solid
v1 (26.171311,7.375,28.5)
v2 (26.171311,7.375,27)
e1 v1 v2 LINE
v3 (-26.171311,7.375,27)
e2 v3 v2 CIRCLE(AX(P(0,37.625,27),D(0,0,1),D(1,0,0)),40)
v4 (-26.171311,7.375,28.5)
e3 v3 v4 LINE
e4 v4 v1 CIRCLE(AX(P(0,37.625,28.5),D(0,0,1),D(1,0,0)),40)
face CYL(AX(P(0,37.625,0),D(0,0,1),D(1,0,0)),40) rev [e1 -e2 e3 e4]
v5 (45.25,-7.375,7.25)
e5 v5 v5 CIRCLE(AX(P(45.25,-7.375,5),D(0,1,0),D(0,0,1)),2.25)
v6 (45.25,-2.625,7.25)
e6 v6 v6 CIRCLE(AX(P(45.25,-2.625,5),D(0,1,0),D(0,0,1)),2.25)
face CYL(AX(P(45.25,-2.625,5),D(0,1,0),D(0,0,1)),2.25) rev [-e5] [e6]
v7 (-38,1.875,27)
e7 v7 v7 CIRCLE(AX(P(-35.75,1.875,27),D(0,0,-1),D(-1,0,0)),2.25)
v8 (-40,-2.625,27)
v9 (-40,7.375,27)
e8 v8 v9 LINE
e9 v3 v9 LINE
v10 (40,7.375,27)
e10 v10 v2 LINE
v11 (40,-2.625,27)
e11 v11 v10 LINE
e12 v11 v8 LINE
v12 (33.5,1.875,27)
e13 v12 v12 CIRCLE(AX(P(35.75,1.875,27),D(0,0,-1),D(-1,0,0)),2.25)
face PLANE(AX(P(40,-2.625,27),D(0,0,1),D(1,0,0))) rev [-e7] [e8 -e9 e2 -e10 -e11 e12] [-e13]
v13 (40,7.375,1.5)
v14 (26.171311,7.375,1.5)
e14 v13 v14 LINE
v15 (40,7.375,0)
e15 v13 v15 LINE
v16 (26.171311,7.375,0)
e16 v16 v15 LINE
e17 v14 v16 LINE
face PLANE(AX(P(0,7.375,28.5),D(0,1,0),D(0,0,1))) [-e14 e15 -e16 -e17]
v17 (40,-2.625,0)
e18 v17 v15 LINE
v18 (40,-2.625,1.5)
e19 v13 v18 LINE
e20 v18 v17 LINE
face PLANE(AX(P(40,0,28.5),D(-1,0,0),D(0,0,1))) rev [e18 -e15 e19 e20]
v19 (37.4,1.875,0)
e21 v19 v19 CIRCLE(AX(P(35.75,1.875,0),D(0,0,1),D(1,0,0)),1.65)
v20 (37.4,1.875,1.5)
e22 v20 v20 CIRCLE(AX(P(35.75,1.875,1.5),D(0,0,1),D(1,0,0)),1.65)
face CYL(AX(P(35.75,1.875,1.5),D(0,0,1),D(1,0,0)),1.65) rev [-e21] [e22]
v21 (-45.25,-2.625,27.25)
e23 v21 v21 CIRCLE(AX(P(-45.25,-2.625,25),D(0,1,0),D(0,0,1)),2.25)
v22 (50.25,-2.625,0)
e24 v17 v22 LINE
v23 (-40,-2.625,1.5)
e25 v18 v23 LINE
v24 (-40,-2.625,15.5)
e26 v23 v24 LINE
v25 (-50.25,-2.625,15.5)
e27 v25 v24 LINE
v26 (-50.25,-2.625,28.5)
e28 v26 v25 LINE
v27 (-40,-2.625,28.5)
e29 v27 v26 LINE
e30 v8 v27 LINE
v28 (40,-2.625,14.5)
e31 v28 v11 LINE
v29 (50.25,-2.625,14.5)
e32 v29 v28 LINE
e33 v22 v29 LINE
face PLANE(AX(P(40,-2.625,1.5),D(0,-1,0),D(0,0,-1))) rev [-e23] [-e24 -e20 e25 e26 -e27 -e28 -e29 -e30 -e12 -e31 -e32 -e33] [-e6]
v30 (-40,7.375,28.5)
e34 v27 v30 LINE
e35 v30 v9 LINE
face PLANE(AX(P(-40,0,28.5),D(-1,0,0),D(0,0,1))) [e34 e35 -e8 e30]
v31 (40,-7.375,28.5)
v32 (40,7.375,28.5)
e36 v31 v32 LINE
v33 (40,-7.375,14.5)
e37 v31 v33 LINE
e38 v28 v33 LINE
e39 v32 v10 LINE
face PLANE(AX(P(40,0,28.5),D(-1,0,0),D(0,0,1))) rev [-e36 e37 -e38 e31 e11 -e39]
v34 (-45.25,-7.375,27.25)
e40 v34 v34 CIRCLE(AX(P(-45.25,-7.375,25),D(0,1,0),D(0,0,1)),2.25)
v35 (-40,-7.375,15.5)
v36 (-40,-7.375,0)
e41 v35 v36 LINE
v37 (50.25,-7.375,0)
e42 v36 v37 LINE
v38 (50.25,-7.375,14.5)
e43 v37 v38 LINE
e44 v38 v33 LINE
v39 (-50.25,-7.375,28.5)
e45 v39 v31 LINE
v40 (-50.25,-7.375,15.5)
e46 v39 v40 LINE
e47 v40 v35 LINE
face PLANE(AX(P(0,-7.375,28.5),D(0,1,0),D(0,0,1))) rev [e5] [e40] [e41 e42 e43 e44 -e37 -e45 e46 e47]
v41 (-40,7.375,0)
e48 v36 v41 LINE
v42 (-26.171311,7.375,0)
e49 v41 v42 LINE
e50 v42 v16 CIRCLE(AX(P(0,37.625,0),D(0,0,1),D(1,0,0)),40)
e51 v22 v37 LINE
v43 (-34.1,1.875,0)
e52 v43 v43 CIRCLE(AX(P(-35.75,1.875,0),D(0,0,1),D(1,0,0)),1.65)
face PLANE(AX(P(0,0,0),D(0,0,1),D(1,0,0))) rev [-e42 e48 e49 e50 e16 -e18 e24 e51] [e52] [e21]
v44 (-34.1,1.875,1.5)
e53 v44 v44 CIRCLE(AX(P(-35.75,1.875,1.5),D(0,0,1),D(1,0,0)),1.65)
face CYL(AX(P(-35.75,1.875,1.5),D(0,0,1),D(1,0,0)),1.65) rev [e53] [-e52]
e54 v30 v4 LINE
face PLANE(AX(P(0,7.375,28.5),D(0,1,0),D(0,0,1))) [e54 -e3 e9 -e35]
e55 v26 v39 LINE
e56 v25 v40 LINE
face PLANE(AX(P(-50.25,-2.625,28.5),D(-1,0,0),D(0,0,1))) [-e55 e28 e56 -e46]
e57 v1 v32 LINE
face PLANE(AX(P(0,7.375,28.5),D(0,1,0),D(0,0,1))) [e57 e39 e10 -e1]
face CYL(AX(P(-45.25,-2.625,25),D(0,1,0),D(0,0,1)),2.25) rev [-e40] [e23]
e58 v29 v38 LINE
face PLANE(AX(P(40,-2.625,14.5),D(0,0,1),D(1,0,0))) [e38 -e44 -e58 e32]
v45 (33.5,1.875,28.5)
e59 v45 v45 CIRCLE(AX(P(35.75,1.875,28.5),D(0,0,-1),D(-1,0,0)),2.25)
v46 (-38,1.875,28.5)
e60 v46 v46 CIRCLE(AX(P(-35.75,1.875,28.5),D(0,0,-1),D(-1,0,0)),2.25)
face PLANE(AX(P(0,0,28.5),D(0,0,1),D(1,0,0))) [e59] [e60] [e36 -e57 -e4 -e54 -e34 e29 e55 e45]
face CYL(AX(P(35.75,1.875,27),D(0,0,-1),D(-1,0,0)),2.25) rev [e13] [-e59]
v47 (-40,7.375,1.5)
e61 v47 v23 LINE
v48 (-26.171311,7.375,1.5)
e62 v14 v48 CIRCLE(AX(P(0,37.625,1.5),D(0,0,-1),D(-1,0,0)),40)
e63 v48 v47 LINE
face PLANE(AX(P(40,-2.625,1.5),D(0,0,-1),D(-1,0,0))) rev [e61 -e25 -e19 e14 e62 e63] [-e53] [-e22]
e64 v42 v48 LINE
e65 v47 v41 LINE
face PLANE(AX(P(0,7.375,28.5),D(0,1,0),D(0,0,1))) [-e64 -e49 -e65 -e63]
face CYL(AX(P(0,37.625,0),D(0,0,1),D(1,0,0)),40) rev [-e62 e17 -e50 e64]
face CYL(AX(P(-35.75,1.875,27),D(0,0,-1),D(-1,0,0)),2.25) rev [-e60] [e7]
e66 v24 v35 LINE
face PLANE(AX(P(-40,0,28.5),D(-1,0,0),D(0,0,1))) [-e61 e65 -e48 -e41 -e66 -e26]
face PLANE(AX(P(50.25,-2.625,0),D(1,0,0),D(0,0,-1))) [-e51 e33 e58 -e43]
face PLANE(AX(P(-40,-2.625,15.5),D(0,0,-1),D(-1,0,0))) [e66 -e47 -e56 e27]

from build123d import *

# Parameters (mm, degrees)
SKETCH1_W                 = 80
SKETCH1_H                 = 14.75
BOSS_EXTRUDE1_DEPTH       = 28.5
SKETCH7_W                 = 25.5
SKETCH7_H                 = 10
CUT_EXTRUDE3_DEPTH        = 86.244592937
M4X0_7_TAPPED_HOLE3_D     = 3.3
M4X0_7_TAPPED_HOLE3_DEPTH = 1.5
M4_CLEARANCE_HOLE1_D      = 4.5
M4_CLEARANCE_HOLE1_DEPTH  = 1.5
SKETCH15_R                = 40
CUT_EXTRUDE4_DEPTH        = 50.665285915
BOSS_EXTRUDE3_START       = -4.75
SKETCH19_W                = 10.25
SKETCH19_H                = 13
SKETCH19_H_2              = 14.5
BOSS_EXTRUDE3_DEPTH       = 4.75
M4_CLEARANCE_HOLE3_D      = 4.5


with BuildPart() as part:
    # Sketch1 → Boss-Extrude1 (new body)
    with BuildSketch(Plane.XY):
        Rectangle(SKETCH1_W, SKETCH1_H)
    extrude(amount=BOSS_EXTRUDE1_DEPTH)

    # Sketch7 → Cut-Extrude3 (cut, through all)
    with BuildSketch(Plane.ZY.offset(40)):
        with Locations((14.25, 2.375)):
            Rectangle(SKETCH7_W, SKETCH7_H)
    extrude(amount=-CUT_EXTRUDE3_DEPTH, mode=Mode.SUBTRACT)

    # M4x0.7 Tapped Hole3
    with Locations(Plane.XY.offset(1.5)):
        with Locations((-35.75, 1.875), (35.75, 1.875)):
            Hole(M4X0_7_TAPPED_HOLE3_D / 2, depth=M4X0_7_TAPPED_HOLE3_DEPTH)

    # M4 Clearance Hole1
    with Locations(Plane(origin=(0, 0, 27), x_dir=(-1, 0, 0), z_dir=(0, 0, -1))):
        with Locations((-35.75, 1.875), (35.75, 1.875)):
            Hole(M4_CLEARANCE_HOLE1_D / 2, depth=M4_CLEARANCE_HOLE1_DEPTH)

    # Sketch15 → Cut-Extrude4 (cut, through all)
    with BuildSketch(Plane.XY.offset(28.5)):
        with Locations((0, 37.625)):
            Circle(SKETCH15_R)
    extrude(amount=-CUT_EXTRUDE4_DEPTH, mode=Mode.SUBTRACT)

    # Sketch19 → Boss-Extrude3 (add)
    with BuildSketch(Plane.XZ.offset(7.375).offset(BOSS_EXTRUDE3_START)):
        with Locations((-45.125, 22)):
            Rectangle(SKETCH19_W, SKETCH19_H)
        with Locations((45.125, 7.25)):
            Rectangle(SKETCH19_W, SKETCH19_H_2)
    extrude(amount=BOSS_EXTRUDE3_DEPTH)

    # M4 Clearance Hole3 (through all)
    with Locations(Plane(origin=(0, -2.625, 0), x_dir=(1, 0, 0), z_dir=(0, 1, 0))):
        with Locations((-45.25, -25), (45.25, -5)):
            Hole(M4_CLEARANCE_HOLE3_D / 2)


solid = part.part
